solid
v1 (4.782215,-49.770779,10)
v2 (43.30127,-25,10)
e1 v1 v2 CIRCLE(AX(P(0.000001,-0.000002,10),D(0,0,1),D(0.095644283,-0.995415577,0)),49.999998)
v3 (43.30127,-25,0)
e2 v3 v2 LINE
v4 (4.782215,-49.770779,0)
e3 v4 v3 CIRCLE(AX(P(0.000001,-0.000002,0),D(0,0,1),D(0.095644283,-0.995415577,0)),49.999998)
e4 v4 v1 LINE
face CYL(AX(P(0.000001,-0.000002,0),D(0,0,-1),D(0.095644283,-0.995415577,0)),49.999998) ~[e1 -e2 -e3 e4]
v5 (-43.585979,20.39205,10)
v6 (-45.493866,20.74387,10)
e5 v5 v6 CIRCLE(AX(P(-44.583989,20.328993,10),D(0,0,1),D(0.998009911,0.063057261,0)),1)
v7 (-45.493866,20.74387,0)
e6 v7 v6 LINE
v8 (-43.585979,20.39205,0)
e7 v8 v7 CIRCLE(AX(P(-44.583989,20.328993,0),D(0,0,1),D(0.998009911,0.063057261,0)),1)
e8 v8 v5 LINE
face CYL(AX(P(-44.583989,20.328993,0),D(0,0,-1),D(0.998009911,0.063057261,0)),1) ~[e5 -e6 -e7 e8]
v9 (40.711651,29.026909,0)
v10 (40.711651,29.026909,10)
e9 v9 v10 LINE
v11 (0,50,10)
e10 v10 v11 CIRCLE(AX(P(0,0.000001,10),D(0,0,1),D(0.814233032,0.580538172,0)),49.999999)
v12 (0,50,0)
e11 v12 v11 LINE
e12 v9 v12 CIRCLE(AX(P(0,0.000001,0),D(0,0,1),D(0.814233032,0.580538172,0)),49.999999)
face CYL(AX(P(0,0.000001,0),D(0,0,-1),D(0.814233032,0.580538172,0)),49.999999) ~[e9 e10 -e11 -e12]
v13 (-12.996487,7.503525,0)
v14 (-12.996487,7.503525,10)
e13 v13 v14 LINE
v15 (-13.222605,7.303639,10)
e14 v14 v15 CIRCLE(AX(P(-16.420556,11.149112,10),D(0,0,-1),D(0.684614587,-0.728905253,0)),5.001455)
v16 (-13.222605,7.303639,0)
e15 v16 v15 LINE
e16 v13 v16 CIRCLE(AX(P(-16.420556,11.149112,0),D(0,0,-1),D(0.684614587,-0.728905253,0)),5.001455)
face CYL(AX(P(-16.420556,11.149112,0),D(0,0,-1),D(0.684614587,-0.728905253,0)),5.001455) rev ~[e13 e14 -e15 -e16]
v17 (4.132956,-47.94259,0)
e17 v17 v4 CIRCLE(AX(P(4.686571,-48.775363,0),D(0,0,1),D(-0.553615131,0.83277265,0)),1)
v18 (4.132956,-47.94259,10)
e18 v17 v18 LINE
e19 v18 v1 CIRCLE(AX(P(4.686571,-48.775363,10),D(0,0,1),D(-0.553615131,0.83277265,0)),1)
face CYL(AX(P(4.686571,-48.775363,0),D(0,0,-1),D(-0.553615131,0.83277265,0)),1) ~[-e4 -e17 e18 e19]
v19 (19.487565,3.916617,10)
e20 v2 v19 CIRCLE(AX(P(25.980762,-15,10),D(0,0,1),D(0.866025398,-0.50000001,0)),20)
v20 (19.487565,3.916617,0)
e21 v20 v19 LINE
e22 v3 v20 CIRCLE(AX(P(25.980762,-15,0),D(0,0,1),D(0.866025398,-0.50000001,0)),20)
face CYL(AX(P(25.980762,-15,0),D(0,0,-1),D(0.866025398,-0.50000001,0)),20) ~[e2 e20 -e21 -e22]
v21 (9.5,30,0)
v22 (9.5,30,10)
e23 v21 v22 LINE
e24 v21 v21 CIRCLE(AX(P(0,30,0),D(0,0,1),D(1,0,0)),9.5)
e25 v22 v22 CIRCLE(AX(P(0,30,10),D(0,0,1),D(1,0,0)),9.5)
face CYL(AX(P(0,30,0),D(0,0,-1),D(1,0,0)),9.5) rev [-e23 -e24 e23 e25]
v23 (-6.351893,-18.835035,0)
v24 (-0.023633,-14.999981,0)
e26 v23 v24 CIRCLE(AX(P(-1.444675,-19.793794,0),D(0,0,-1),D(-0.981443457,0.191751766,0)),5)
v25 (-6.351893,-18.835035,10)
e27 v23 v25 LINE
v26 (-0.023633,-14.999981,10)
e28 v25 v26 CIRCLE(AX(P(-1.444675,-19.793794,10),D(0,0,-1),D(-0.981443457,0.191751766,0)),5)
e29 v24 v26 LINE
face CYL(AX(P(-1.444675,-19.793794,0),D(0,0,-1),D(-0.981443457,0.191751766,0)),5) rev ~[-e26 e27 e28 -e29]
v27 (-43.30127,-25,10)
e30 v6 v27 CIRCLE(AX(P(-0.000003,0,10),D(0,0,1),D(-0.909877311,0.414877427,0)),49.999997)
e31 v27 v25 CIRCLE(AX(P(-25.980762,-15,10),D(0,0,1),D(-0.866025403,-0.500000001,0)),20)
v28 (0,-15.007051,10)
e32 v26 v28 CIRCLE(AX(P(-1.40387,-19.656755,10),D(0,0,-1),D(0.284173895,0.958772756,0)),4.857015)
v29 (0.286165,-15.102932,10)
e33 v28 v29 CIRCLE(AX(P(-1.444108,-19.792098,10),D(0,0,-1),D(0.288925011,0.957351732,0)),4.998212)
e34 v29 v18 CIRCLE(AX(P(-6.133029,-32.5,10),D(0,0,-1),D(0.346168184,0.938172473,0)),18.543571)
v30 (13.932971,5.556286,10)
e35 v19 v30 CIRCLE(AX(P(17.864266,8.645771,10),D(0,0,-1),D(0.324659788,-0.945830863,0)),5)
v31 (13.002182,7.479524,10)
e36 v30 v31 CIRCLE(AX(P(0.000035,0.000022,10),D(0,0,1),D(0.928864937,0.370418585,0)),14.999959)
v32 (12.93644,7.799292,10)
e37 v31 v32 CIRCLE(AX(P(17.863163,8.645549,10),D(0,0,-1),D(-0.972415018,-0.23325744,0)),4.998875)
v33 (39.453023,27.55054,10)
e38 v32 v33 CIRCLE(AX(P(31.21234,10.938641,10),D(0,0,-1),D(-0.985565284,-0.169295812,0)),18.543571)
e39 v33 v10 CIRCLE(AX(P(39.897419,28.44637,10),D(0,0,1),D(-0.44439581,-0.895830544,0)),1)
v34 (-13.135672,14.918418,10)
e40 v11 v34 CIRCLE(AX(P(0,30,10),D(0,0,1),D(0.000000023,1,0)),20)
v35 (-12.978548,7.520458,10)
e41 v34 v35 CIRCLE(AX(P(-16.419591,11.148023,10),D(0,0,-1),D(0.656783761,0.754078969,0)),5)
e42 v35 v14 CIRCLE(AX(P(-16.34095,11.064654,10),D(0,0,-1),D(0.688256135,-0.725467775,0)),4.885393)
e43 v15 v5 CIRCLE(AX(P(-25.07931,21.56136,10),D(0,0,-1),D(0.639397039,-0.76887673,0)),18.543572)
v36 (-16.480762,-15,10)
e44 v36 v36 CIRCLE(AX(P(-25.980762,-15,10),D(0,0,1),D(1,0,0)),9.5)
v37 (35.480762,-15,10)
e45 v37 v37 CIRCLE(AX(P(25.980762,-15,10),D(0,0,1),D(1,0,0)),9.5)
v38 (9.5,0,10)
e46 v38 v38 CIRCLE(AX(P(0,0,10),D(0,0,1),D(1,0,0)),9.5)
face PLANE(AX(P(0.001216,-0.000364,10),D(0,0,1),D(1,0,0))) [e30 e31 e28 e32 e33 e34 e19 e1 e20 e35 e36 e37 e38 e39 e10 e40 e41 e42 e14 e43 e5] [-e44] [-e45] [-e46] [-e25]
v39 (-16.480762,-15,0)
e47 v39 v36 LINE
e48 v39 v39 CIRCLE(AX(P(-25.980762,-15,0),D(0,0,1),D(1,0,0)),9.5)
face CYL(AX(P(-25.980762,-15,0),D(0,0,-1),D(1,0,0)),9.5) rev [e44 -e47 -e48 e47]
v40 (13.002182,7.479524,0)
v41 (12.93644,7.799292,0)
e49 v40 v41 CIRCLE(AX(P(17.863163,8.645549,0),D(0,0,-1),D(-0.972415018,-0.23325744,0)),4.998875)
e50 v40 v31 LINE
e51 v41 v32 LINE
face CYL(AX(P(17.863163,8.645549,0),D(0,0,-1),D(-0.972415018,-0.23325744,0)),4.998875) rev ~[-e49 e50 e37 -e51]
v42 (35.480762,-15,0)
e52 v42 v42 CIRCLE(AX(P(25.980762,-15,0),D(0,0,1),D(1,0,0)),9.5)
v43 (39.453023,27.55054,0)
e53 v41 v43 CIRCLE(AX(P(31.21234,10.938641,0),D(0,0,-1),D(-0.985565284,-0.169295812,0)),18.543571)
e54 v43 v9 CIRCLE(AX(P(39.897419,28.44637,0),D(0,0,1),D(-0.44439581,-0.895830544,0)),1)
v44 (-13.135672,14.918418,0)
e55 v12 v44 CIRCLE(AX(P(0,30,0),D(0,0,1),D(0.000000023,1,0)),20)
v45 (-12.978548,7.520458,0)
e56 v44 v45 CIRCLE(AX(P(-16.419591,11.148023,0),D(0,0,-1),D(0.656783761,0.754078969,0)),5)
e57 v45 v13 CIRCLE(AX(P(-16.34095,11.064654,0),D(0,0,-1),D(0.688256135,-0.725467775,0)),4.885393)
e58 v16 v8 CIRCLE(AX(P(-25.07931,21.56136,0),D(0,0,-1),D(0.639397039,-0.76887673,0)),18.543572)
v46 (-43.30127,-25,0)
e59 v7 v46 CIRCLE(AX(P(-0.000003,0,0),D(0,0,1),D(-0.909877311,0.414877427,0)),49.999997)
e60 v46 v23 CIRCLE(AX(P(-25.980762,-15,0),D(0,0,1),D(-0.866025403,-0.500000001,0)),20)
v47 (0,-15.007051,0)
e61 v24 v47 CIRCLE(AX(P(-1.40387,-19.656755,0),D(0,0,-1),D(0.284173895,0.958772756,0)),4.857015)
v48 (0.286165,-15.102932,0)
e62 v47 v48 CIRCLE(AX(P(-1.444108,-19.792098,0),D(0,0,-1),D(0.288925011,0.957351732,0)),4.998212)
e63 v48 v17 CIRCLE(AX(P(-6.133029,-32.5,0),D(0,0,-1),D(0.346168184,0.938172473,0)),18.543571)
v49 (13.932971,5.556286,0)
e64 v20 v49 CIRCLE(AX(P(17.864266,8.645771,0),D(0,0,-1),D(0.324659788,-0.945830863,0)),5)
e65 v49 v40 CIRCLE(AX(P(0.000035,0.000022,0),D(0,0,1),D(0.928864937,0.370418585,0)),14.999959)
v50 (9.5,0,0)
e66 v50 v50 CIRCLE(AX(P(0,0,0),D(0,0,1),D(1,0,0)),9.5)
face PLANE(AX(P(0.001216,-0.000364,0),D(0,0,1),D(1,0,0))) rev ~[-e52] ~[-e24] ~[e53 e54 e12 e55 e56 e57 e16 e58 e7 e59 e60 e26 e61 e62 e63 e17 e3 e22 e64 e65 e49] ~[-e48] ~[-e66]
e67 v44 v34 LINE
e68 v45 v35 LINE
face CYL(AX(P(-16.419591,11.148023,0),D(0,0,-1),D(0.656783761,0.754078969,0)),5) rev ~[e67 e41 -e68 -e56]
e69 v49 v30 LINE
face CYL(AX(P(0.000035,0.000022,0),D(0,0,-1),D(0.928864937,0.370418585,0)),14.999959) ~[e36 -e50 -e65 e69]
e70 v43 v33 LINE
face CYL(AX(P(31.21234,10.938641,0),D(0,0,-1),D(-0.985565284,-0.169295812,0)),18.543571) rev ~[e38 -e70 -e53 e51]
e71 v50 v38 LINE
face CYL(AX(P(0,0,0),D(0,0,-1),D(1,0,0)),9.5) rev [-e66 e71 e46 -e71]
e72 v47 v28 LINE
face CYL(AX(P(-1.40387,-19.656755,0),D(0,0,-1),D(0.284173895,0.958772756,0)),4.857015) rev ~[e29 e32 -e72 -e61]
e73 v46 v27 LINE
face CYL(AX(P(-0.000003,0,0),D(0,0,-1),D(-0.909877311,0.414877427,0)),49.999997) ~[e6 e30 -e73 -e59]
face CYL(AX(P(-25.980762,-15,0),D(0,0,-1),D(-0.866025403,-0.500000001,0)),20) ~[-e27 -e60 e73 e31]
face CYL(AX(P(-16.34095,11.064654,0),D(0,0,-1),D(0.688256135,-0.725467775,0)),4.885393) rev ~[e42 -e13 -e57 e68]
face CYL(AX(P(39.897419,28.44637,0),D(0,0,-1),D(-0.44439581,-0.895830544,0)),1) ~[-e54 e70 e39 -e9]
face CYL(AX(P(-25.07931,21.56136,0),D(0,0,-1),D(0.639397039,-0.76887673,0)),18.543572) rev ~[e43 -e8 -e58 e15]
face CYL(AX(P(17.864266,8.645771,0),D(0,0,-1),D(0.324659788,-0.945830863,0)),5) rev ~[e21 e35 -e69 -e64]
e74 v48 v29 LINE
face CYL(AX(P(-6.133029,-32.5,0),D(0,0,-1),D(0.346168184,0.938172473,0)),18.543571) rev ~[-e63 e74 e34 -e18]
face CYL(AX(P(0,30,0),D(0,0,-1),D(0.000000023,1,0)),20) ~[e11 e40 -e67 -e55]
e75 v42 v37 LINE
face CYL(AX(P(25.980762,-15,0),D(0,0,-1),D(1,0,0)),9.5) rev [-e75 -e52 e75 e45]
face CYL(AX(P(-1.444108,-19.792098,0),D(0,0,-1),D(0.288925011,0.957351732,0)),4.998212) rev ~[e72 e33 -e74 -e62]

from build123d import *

# Parameters (mm, degrees)
F0_R     = 9.5
F1_DEPTH = 10


with BuildPart() as f1:
    # F0 (on Top) → F1 (new body)
    with BuildSketch(Plane.XY):
        with BuildLine():
            ThreePointArc((4.132956, -47.94259), (3.744232, -49.110023), (4.782215, -49.770779))
            ThreePointArc((4.782215, -49.770779), (27.044468, -42.054688), (43.30127, -25))
            ThreePointArc((43.30127, -25), (41.419362, -2.285849), (19.487565, 3.916617))
            ThreePointArc((19.487565, 3.916617), (16.448696, 3.85034), (13.932971, 5.556286))
            ThreePointArc((13.932971, 5.556286), (13.363645, 6.467605), (13.002182, 7.479524))
            ThreePointArc((13.002182, 7.479524), (12.9667, 7.638871), (12.93644, 7.799292))
            ThreePointArc((12.93644, 7.799292), (20.135141, 25.81008), (39.453023, 27.55054))
            ThreePointArc((39.453023, 27.55054), (40.658412, 27.797611), (40.711651, 29.026909))
            ThreePointArc((40.711651, 29.026909), (22.898194, 44.44854), (0, 50))
            ThreePointArc((0, 50), (-18.730078, 37.013144), (-13.135672, 14.918418))
            ThreePointArc((-13.135672, 14.918418), (-11.420718, 11.254193), (-12.978548, 7.520458))
            ThreePointArc((-12.978548, 7.520458), (-12.984469, 7.510231), (-12.990381, 7.5))
            Line((-12.990381, 7.5), (-12.996487, 7.503525))
            ThreePointArc((-12.996487, 7.503525), (-13.108038, 7.401876), (-13.222605, 7.303639))
            ThreePointArc((-13.222605, 7.303639), (-32.419755, 4.532504), (-43.585979, 20.39205))
            ThreePointArc((-43.585979, 20.39205), (-44.402643, 21.312412), (-45.493866, 20.74387))
            ThreePointArc((-45.493866, 20.74387), (-49.942662, -2.393853), (-43.30127, -25))
            ThreePointArc((-43.30127, -25), (-22.689284, -34.727295), (-6.351893, -18.835035))
            ThreePointArc((-6.351893, -18.835035), (-4.036058, -15.517728), (-0.023633, -14.999981))
            ThreePointArc((-0.023633, -14.999981), (-0.011817, -14.999995), (0, -15))
            Line((0, -15), (0, -15.007051))
            ThreePointArc((0, -15.007051), (0.143806, -15.052831), (0.286165, -15.102932))
            ThreePointArc((0.286165, -15.102932), (12.284614, -30.342583), (4.132956, -47.94259))
        make_face()
        with Locations((-25.980762, -15)):
            Circle(F0_R, mode=Mode.SUBTRACT)
        Circle(F0_R, mode=Mode.SUBTRACT)
        with Locations((25.980762, -15)):
            Circle(F0_R, mode=Mode.SUBTRACT)
        with Locations((0, 30)):
            Circle(F0_R, mode=Mode.SUBTRACT)
        with BuildLine():
            ThreePointArc((13.002182, 7.479524), (13.363645, 6.467605), (13.932971, 5.556286))
            ThreePointArc((13.932971, 5.556286), (13.501864, 6.534499), (13.002182, 7.479524))
        make_face()
        with BuildLine():
            ThreePointArc((-0.023633, -14.999981), (-0.011812, -15.003501), (0, -15.007051))
            Line((0, -15.007051), (0, -15))
            ThreePointArc((0, -15), (-0.011817, -14.999995), (-0.023633, -14.999981))
        make_face()
        with BuildLine():
            ThreePointArc((-12.990381, 7.5), (-12.984469, 7.510231), (-12.978548, 7.520458))
            ThreePointArc((-12.978548, 7.520458), (-12.987507, 7.51198), (-12.996487, 7.503525))
            Line((-12.996487, 7.503525), (-12.990381, 7.5))
        make_face()
    extrude(amount=F1_DEPTH)


solid = f1.part
